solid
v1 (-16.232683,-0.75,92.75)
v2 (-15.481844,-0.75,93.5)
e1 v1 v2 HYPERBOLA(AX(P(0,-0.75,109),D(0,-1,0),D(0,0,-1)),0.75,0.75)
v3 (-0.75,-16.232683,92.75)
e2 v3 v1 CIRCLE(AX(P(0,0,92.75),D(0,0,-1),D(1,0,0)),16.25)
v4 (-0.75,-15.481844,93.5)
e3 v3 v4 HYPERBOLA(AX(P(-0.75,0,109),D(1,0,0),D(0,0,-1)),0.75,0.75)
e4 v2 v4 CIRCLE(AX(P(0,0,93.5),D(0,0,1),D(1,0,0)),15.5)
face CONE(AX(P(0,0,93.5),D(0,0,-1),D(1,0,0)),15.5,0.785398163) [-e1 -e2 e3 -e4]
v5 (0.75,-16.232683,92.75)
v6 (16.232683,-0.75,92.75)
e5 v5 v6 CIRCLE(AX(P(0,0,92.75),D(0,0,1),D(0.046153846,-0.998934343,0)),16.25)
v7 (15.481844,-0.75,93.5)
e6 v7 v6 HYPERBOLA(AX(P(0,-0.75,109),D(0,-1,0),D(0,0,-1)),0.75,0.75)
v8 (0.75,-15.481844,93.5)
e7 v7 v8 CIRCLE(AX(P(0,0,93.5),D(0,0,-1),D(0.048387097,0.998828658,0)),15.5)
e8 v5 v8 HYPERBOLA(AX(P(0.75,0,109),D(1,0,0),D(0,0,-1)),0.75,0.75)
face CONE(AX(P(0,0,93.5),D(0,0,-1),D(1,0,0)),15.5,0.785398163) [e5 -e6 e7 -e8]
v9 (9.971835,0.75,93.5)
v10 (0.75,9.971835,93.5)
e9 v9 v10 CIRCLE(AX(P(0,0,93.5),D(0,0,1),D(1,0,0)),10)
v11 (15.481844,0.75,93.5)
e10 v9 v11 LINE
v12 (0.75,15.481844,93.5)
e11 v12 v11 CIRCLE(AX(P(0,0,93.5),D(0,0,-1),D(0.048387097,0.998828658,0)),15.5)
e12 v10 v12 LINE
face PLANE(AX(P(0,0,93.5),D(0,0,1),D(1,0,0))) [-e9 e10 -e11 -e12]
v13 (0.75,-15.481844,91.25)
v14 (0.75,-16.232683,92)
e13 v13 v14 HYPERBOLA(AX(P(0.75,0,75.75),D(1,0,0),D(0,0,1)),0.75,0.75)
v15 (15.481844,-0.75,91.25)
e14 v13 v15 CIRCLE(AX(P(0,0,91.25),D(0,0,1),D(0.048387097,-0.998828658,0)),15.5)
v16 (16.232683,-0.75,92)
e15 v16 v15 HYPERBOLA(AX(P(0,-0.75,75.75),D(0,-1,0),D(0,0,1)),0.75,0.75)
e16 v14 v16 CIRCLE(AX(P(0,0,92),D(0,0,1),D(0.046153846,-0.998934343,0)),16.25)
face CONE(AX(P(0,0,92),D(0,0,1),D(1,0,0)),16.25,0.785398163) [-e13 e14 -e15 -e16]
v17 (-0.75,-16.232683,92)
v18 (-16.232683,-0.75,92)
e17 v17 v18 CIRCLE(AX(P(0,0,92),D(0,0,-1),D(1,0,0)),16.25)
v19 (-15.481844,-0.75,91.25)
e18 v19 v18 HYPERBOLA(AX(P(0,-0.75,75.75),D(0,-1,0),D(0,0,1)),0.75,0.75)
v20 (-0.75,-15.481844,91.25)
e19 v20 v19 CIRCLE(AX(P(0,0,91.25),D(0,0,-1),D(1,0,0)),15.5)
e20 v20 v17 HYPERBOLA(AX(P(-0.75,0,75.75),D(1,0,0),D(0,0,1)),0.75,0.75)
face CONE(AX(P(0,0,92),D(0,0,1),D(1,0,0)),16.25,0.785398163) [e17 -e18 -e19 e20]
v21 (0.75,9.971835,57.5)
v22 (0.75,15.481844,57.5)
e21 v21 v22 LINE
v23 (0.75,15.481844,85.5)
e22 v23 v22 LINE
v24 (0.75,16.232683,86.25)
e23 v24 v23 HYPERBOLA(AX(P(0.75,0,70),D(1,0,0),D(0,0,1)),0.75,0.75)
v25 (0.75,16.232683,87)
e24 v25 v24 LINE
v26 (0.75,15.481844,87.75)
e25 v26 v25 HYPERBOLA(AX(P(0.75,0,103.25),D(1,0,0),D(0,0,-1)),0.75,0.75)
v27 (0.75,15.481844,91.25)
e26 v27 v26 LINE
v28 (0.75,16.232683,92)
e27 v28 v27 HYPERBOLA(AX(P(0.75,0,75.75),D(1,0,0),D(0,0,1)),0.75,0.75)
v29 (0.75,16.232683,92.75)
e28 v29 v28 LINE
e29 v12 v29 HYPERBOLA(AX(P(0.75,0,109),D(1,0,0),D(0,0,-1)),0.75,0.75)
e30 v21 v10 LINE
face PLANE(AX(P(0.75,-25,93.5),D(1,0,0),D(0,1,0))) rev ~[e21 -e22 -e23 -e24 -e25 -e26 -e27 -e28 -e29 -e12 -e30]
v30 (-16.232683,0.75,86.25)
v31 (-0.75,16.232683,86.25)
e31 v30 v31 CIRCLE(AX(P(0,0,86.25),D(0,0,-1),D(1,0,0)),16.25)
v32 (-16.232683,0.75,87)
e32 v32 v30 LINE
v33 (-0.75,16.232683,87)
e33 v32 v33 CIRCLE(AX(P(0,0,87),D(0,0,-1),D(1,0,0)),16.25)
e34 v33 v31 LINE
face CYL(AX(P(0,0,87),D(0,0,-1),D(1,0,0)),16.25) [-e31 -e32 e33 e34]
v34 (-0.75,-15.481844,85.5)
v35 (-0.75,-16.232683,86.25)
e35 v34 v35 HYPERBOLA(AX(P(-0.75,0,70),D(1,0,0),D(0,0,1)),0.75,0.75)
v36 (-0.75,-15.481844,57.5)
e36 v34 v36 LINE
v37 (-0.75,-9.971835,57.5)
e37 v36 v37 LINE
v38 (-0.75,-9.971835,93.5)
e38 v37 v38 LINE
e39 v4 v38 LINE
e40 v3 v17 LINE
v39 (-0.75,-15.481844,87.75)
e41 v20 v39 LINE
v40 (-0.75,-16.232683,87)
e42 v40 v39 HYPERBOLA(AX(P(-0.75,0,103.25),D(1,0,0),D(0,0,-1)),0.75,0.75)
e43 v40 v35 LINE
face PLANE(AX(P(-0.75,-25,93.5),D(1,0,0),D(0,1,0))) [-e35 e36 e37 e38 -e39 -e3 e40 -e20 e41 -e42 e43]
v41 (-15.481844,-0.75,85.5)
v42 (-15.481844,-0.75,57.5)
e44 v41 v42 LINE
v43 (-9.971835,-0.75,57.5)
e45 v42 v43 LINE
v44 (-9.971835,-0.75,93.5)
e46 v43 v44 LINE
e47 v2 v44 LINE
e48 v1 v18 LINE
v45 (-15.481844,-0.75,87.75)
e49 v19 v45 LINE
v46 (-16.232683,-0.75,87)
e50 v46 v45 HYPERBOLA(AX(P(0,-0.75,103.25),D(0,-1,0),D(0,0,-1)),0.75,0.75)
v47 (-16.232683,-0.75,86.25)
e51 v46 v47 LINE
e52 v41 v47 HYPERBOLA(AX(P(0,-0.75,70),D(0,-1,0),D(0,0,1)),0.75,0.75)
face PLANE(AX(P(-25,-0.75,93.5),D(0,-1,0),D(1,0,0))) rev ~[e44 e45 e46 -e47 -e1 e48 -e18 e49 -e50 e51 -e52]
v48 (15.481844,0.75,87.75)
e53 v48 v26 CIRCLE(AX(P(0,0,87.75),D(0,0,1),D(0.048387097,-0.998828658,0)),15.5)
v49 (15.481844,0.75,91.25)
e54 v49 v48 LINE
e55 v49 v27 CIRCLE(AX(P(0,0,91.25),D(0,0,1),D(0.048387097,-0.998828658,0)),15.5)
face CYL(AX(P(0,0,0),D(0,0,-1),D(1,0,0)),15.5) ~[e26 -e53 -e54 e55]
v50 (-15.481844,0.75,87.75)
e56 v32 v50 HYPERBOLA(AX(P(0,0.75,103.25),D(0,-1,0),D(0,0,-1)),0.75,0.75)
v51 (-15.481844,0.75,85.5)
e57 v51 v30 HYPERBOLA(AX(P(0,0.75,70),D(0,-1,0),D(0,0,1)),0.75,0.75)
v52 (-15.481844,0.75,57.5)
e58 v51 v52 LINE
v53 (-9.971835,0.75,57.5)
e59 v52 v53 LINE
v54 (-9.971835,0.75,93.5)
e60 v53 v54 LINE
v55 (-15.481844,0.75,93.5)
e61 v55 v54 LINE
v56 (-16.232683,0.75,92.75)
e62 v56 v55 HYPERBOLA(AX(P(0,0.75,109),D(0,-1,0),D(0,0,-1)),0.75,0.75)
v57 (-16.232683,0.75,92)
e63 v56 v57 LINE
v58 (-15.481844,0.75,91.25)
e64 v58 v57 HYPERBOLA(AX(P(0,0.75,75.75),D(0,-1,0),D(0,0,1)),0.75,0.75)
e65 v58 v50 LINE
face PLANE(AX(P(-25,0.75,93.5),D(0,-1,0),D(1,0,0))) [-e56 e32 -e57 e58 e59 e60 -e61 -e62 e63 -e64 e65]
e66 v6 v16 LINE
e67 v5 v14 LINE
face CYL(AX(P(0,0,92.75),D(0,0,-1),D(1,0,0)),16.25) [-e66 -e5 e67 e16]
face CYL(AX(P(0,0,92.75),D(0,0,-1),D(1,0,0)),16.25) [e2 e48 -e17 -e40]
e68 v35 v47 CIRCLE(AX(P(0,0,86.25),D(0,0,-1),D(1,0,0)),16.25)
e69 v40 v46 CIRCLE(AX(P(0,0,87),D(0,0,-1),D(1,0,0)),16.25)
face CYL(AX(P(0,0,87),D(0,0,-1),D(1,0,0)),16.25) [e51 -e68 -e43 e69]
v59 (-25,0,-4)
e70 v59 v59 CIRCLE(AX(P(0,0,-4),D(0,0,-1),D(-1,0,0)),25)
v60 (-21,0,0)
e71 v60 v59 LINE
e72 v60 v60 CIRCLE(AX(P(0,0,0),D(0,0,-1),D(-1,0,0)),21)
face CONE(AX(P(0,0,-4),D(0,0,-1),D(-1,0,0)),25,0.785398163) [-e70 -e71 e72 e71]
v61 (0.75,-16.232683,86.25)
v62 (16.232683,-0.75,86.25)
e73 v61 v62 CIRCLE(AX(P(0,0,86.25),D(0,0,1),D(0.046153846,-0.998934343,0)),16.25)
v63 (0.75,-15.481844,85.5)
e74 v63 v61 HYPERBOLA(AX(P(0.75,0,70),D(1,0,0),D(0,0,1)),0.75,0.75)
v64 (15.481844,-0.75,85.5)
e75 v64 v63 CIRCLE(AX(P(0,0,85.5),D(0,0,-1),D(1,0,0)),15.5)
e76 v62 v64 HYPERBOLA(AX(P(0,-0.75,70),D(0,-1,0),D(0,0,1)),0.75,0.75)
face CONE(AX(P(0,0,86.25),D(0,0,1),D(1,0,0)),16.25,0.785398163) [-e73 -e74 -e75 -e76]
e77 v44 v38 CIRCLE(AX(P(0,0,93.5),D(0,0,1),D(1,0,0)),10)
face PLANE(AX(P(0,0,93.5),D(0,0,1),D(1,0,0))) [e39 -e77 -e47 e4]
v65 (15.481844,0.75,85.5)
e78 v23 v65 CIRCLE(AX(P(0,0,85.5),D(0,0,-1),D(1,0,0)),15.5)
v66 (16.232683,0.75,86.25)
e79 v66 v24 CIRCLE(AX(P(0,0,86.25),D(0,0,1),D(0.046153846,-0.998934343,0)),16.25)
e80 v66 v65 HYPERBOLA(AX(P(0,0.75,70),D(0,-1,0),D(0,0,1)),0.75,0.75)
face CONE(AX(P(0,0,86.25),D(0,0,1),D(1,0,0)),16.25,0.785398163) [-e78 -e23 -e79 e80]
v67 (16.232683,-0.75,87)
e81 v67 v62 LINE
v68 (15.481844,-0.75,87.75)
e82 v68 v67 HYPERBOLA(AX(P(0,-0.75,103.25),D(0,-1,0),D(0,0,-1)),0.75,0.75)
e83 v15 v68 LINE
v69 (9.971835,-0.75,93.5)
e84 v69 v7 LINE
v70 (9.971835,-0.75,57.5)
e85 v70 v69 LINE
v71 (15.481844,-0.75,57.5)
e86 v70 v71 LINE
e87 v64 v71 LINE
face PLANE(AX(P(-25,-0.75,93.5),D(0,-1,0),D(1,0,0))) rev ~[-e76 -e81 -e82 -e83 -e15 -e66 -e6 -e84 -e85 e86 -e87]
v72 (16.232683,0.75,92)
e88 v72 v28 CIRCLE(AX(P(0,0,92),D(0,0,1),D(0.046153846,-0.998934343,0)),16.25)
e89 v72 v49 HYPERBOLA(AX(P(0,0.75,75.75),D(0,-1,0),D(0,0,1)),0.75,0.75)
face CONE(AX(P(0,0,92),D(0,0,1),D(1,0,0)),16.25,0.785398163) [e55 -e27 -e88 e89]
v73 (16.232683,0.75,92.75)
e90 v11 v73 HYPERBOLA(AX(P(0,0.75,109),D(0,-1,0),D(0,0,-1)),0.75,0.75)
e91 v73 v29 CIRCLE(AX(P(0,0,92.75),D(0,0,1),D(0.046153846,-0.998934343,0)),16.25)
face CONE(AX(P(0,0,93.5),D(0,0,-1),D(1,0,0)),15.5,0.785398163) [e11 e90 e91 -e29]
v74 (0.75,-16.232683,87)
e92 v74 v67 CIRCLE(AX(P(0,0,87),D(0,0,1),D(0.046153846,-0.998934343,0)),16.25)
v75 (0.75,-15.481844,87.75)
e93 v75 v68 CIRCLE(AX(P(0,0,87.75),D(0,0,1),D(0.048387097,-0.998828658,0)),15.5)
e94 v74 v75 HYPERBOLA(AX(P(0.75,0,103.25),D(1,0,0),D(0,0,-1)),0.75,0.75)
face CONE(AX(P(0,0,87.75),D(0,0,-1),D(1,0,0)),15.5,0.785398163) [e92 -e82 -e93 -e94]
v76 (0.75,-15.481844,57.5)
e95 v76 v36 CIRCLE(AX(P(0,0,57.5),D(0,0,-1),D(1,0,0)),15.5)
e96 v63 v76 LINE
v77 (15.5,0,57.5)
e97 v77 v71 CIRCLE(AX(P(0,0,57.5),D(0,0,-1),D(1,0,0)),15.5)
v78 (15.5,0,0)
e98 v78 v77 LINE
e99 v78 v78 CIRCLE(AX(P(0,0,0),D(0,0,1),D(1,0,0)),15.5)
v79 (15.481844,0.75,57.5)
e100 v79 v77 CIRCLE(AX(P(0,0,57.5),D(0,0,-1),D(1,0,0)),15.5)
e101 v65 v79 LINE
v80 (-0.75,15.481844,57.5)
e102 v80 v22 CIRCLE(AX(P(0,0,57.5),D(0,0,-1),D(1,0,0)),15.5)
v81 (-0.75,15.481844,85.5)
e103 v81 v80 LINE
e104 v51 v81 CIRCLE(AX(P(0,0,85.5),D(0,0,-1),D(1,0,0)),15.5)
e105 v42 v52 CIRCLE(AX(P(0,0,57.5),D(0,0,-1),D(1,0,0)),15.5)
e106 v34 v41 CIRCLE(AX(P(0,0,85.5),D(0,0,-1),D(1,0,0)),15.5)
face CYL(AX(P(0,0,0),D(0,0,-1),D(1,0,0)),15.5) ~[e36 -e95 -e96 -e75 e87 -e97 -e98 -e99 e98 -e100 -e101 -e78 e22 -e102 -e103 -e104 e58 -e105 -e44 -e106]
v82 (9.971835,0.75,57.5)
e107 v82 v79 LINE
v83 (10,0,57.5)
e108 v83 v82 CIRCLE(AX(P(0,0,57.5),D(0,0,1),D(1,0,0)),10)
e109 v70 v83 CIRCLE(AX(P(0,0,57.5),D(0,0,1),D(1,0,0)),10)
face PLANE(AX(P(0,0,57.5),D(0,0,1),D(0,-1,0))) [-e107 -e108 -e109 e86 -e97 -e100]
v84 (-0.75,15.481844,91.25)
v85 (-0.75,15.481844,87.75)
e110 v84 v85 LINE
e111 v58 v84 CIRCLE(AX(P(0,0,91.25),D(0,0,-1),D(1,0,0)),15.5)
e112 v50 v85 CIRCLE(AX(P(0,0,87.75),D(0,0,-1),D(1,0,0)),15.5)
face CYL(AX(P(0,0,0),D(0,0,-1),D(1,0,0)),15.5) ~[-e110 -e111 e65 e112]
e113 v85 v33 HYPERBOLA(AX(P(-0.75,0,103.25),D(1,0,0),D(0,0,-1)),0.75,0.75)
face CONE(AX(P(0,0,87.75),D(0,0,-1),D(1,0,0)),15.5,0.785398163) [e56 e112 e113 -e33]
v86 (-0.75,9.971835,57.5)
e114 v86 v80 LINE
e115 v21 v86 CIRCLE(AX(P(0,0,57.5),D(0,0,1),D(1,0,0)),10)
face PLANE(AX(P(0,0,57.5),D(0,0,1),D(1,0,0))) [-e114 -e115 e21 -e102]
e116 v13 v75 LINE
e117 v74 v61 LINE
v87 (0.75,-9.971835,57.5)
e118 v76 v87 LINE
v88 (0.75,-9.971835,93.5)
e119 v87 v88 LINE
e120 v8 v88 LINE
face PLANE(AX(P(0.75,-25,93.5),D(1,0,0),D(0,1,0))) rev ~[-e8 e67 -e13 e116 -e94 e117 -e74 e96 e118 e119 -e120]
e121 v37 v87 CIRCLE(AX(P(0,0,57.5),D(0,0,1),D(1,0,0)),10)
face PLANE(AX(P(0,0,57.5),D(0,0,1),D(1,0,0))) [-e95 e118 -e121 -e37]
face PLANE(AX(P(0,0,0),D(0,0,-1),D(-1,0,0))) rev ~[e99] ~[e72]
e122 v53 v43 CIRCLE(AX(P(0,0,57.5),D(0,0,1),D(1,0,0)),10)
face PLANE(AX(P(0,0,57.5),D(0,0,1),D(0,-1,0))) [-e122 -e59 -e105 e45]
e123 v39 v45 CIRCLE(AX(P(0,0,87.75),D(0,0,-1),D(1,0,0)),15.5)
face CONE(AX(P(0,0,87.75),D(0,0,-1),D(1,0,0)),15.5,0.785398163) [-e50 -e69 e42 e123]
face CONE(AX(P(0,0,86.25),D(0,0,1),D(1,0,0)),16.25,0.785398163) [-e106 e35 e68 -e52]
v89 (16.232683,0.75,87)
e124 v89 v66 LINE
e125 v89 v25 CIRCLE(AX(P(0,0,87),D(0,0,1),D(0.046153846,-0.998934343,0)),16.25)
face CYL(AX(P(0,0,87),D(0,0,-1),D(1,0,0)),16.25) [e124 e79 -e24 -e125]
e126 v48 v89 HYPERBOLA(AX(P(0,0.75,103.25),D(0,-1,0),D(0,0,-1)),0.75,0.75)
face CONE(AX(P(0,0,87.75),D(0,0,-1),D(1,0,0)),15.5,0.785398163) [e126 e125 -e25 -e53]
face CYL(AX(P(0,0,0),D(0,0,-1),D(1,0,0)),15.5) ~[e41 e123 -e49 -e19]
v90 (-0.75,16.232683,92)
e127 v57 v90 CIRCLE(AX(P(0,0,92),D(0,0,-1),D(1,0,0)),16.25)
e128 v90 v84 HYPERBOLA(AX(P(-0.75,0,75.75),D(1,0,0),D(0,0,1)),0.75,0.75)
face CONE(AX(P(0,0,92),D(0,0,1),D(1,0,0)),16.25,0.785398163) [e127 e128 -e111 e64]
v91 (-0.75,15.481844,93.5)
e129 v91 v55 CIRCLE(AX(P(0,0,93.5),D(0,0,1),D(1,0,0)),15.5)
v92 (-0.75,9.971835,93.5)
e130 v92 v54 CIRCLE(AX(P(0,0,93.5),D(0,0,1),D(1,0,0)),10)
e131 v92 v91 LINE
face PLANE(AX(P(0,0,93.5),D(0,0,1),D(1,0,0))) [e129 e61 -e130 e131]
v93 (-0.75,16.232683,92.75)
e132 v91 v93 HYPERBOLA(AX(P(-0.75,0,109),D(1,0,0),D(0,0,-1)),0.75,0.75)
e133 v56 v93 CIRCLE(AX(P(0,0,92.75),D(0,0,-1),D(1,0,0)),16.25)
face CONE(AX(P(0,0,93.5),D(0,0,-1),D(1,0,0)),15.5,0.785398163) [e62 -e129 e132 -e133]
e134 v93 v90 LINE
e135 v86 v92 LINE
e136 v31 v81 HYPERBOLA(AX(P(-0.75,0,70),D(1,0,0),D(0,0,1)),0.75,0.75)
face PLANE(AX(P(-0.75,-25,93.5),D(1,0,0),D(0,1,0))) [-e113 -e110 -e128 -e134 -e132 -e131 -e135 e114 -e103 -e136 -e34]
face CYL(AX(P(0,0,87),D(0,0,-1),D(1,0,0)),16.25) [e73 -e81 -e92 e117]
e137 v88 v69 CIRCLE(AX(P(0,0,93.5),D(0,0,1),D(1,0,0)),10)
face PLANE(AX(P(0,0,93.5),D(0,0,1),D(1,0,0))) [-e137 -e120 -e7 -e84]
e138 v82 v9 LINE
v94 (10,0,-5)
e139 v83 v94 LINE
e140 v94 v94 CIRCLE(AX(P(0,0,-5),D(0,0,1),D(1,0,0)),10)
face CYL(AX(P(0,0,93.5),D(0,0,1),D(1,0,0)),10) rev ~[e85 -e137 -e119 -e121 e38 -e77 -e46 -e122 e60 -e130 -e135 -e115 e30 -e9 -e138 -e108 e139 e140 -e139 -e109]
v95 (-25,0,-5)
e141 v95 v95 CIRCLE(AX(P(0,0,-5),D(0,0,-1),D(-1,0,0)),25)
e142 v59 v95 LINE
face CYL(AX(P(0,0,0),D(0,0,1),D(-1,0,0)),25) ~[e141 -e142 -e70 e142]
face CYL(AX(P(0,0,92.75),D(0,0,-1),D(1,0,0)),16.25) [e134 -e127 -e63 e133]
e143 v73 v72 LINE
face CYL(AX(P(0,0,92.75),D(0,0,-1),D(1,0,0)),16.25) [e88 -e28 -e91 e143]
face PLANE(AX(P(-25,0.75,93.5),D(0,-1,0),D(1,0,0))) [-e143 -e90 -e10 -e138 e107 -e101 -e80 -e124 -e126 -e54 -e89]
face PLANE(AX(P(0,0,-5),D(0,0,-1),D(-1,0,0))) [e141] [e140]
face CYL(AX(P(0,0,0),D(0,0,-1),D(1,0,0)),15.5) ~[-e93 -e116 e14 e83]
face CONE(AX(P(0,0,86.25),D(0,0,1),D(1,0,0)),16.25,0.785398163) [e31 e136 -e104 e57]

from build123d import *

# Parameters (mm, degrees)
AXLE_BASE_SKETCH_R     = 15.5
AXLE_DEPTH             = 93.5
GUARD_BASE_R           = 25
GUARD_DEPTH            = 5
INNER_AXLE_HOLE_BASE_R = 10
INNER_AXLE_HOLE_DEPTH  = 99.5
BEND_ROOM_BASE_W       = 1.5
BEND_ROOM_BASE_H       = 50
BEND_ROOM_1_DEPTH      = 36
BEND_ROOM_2_COUNT      = 2
BEND_ROOM_2_ANGLE      = 90
CHAMFER1_SIZE          = 4


with BuildPart() as part:
    # Axle base sketch → Axle (new body)
    with BuildSketch(Plane.XY):
        Circle(AXLE_BASE_SKETCH_R)
    extrude(amount=AXLE_DEPTH)

    # Guard base → Guard (add)
    with BuildSketch(Plane(origin=(0, 0, 0), x_dir=(-1, 0, 0), z_dir=(0, 0, -1))):
        Circle(GUARD_BASE_R)
    extrude(amount=GUARD_DEPTH)

    # Inner axle hole base → Inner axle hole (cut, through all)
    with BuildSketch(Plane.XY.offset(93.5)):
        Circle(INNER_AXLE_HOLE_BASE_R)
    extrude(amount=-INNER_AXLE_HOLE_DEPTH, mode=Mode.SUBTRACT)

    # Mate ring base → Mate rings (revolve)
    with BuildSketch(Plane(origin=(0, 0, 0), x_dir=(1, 0, 0), z_dir=(0, 1, 0))):
        Polygon((15.5, -93.5), (16.25, -92.75), (16.25, -92), (15.5, -91.25), align=None)
        Polygon((15.5, -87.75), (16.25, -87), (16.25, -86.25), (15.5, -85.5), align=None)
    revolve(axis=Axis((0, 0, 0), (0, 0, -1)))

    # Bend room base → Bend room 1 (cut)
    with BuildSketch(Plane.XY.offset(93.5)):
        Rectangle(BEND_ROOM_BASE_W, BEND_ROOM_BASE_H)
    bend_room_1 = extrude(amount=-BEND_ROOM_1_DEPTH, mode=Mode.SUBTRACT)

    # Bend room 2: Bend room 1 ×2 about axis
    bend_room_2_axis = Axis((0, 0, 0), (0, 0, -1))
    for i in range(1, BEND_ROOM_2_COUNT):
        add(bend_room_1.rotate(bend_room_2_axis, i * BEND_ROOM_2_ANGLE / (BEND_ROOM_2_COUNT - 1)), mode=Mode.SUBTRACT)

    # Chamfer1
    chamfer1_edges = [part.edges().sort_by_distance(p)[0] for p in [
        (25, 0, 0),
    ]]
    chamfer(chamfer1_edges, length=CHAMFER1_SIZE)


solid = part.part
